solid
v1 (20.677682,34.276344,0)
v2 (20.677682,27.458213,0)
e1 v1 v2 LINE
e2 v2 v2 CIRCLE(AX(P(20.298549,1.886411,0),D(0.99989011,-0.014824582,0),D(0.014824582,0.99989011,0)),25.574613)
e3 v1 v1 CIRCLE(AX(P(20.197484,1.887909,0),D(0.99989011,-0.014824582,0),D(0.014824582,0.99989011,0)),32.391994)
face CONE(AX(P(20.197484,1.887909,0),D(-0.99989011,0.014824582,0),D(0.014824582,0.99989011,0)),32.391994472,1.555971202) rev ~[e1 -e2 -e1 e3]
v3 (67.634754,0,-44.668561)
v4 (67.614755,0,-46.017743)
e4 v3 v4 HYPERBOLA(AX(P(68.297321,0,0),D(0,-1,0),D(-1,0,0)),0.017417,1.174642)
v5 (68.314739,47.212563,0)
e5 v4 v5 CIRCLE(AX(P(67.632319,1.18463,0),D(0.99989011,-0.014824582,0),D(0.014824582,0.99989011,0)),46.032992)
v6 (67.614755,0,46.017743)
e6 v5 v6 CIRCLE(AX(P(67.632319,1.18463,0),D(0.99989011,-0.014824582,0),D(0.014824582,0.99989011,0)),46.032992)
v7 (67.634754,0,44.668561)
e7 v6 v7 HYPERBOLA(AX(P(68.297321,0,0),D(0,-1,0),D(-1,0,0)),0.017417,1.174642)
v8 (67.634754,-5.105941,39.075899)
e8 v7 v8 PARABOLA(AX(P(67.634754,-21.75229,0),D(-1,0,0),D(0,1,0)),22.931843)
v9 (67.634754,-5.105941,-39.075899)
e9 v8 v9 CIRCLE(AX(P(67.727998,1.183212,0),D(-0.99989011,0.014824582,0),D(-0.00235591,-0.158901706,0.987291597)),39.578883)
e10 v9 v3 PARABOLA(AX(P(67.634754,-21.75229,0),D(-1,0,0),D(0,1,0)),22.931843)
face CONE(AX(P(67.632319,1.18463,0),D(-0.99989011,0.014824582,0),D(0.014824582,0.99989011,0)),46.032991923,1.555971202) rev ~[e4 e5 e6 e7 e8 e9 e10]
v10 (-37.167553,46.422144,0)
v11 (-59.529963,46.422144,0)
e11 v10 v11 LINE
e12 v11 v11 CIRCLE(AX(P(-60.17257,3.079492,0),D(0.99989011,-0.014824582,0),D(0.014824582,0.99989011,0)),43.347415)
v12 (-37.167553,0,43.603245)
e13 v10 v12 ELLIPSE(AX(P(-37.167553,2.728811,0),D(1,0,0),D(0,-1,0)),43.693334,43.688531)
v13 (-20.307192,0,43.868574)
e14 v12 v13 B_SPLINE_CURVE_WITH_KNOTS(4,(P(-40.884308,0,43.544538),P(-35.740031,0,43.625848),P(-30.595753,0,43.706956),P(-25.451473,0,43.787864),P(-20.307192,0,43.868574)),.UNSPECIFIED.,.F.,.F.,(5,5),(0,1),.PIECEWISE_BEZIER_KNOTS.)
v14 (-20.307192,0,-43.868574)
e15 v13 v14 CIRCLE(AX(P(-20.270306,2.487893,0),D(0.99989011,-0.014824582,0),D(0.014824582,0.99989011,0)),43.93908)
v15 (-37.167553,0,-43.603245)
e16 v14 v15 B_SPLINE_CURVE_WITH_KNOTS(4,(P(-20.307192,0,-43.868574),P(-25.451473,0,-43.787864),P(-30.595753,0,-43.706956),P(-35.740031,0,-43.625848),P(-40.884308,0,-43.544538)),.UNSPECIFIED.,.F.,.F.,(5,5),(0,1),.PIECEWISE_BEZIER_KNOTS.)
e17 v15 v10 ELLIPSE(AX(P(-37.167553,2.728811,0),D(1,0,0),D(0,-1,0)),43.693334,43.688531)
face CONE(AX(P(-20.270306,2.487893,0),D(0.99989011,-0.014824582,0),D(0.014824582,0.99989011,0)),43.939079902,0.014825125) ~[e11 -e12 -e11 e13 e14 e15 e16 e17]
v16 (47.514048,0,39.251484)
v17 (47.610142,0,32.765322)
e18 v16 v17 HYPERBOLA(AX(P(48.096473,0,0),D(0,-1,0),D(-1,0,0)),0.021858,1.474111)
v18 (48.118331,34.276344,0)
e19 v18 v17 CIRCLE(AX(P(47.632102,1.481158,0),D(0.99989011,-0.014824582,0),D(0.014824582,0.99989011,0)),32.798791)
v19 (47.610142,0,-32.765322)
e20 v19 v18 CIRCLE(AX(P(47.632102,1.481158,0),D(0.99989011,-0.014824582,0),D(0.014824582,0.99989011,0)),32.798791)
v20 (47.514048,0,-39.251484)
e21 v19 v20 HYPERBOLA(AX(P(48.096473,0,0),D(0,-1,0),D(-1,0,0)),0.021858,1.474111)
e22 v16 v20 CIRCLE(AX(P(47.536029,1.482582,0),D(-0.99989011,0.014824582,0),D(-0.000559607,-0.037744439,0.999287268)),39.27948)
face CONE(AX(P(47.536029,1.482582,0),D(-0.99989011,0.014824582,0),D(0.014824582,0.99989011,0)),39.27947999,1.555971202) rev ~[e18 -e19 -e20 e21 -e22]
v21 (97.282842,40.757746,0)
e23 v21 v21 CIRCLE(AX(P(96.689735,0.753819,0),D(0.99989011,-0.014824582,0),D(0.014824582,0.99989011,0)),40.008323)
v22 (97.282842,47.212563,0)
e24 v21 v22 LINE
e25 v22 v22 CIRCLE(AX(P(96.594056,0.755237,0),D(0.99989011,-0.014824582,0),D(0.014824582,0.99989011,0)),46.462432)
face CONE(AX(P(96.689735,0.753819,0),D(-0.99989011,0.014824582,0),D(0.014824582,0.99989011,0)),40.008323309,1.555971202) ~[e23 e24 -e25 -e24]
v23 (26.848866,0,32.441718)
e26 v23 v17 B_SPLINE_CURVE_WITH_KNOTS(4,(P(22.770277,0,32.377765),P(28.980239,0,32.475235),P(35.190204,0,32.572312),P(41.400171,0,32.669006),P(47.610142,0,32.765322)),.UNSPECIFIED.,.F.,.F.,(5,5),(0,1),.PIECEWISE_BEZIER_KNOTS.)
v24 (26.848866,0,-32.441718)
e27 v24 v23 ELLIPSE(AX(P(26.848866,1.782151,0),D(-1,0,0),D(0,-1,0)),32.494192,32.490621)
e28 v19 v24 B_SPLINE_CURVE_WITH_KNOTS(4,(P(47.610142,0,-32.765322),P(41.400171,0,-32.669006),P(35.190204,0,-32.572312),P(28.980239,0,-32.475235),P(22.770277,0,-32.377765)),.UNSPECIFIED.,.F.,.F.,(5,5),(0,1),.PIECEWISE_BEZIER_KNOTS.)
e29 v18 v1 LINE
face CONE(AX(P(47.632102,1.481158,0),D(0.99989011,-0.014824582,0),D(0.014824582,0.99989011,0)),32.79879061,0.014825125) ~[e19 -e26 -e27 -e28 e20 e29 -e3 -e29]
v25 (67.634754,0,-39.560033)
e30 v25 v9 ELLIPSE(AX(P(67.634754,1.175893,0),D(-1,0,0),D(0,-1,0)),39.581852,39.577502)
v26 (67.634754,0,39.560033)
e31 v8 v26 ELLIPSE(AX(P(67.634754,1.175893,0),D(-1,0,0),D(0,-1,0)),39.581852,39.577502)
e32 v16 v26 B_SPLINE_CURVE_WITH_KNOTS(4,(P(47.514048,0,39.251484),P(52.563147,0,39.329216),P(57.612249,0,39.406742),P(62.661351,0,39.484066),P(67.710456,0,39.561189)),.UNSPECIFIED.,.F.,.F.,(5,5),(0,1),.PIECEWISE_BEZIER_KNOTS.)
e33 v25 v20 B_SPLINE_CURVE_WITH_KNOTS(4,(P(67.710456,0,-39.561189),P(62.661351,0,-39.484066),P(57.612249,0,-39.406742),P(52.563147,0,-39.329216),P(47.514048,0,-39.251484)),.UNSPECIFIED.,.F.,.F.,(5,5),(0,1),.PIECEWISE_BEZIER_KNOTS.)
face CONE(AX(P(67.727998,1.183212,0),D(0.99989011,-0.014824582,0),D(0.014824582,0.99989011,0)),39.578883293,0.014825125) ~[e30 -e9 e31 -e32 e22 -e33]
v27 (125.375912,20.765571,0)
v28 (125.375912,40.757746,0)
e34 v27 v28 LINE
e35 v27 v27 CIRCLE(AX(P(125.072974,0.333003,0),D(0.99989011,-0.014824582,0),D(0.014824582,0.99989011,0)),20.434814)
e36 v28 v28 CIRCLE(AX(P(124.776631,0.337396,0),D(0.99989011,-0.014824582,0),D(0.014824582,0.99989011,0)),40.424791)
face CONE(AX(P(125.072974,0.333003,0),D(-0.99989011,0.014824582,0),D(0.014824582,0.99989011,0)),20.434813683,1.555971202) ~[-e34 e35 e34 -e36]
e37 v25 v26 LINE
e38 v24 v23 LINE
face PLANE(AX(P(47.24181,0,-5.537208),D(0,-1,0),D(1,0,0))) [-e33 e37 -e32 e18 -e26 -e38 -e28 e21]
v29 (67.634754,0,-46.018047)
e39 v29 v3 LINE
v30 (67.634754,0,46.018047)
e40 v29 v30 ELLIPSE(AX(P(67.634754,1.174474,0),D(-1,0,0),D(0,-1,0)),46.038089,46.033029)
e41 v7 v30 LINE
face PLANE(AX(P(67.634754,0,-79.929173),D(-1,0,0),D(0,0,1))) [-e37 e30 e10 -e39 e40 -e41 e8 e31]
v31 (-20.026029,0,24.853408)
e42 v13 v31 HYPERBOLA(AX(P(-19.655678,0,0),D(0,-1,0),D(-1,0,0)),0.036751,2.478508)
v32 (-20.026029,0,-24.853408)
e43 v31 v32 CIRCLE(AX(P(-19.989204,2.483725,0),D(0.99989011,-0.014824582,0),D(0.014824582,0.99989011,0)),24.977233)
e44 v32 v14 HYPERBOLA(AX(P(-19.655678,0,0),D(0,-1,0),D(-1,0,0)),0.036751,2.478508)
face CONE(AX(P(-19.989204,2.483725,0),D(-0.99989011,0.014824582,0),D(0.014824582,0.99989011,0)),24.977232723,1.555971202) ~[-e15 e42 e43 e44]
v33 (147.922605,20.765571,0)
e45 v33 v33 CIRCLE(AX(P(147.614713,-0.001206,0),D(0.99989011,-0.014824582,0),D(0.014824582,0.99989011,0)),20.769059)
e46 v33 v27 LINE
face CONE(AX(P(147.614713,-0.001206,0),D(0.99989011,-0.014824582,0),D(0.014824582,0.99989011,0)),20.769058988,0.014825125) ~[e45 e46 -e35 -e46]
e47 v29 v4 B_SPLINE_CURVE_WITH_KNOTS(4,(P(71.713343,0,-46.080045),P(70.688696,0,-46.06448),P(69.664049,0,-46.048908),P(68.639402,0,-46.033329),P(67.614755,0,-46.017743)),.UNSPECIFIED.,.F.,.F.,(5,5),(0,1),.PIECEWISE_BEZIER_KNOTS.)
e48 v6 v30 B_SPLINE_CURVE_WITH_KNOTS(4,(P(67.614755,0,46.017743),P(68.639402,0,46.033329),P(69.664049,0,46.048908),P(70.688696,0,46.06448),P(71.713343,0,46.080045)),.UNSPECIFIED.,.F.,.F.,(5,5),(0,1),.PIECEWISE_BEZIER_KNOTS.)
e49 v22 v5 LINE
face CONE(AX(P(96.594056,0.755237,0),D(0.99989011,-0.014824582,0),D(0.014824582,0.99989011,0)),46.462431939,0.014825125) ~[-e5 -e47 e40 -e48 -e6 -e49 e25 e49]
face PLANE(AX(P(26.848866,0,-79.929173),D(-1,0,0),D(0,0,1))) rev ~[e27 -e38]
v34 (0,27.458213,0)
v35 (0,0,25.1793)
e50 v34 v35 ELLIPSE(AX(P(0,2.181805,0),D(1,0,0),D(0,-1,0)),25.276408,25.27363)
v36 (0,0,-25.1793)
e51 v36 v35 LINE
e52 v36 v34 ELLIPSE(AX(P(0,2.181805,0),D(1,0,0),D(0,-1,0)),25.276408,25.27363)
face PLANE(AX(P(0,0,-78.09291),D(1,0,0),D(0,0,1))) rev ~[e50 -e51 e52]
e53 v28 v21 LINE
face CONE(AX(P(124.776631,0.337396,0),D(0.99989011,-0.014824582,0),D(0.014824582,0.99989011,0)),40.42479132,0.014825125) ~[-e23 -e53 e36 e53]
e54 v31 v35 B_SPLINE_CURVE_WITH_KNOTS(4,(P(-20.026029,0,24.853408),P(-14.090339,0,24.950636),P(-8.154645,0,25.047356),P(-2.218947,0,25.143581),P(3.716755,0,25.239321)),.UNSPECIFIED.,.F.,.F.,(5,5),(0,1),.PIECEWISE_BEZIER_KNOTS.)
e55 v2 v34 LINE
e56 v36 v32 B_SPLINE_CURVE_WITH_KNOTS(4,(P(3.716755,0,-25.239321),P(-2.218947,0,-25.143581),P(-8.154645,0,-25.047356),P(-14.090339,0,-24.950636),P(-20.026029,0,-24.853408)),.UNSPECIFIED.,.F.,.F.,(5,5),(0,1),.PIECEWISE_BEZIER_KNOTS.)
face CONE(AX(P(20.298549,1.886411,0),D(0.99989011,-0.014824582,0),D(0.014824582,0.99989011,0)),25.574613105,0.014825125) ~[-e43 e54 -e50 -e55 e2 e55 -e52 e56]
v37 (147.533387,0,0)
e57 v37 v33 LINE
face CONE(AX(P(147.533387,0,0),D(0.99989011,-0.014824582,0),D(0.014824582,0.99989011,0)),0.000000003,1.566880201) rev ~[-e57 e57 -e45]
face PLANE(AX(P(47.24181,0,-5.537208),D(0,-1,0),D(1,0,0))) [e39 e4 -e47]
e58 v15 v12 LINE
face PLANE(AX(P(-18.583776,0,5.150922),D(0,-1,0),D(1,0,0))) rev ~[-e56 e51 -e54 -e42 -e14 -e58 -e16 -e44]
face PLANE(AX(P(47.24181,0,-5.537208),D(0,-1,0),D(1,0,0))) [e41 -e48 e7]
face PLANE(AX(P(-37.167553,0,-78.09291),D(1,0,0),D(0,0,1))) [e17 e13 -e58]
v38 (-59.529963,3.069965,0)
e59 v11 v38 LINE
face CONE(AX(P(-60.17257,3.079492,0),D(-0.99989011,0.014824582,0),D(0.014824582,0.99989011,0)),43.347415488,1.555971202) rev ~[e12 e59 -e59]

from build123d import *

# Parameters (mm, degrees)
F2_W     = 37.1675528586
F2_H     = 166.4876639843
F3_DEPTH = 82.2
F4_W     = 40.7858882099
F4_H     = 148.783929646
F5_DEPTH = 98.6


with BuildPart() as f1:
    # F0 (on Top) → F1 (revolve)
    with BuildSketch(Plane.XY):
        Polygon((-19.6189273595, 46.4221443981), (-59.5299630911, 46.4221443981), (-59.5299630911, 3.069964936), (147.5333869457, 0), (147.9226052761, 20.7655709237), (125.3759115934, 20.7655709237), (125.3759115934, 40.7577455044), (97.2828418016, 40.7577455044), (97.2828418016, 47.2125634551), (68.3147385716, 47.2125634551), (68.3147385716, 40.7577455044), (48.1183305383, 40.7577455044), (48.1183305383, 34.2763438821), (20.6776820123, 34.2763438821), (20.6776820123, 27.4582132697), (-19.6189273595, 27.4582132697), align=None)
    revolve(axis=Axis((44.0017119273, 1.534982468, 0), (0.9998901098, -0.0148245818, 0)))

    # F2 (on Front) → F3 (cut)
    with BuildSketch(Plane.XZ):
        with Locations((-18.5837764293, 5.1509216428)):
            Rectangle(F2_W, F2_H)
    extrude(amount=-F3_DEPTH, mode=Mode.SUBTRACT)

    # F4 (on Front) → F5 (cut)
    with BuildSketch(Plane.XZ):
        with Locations((47.2418097779, -5.5372081697)):
            Rectangle(F4_W, F4_H)
    extrude(amount=F5_DEPTH, mode=Mode.SUBTRACT)


solid = f1.part
